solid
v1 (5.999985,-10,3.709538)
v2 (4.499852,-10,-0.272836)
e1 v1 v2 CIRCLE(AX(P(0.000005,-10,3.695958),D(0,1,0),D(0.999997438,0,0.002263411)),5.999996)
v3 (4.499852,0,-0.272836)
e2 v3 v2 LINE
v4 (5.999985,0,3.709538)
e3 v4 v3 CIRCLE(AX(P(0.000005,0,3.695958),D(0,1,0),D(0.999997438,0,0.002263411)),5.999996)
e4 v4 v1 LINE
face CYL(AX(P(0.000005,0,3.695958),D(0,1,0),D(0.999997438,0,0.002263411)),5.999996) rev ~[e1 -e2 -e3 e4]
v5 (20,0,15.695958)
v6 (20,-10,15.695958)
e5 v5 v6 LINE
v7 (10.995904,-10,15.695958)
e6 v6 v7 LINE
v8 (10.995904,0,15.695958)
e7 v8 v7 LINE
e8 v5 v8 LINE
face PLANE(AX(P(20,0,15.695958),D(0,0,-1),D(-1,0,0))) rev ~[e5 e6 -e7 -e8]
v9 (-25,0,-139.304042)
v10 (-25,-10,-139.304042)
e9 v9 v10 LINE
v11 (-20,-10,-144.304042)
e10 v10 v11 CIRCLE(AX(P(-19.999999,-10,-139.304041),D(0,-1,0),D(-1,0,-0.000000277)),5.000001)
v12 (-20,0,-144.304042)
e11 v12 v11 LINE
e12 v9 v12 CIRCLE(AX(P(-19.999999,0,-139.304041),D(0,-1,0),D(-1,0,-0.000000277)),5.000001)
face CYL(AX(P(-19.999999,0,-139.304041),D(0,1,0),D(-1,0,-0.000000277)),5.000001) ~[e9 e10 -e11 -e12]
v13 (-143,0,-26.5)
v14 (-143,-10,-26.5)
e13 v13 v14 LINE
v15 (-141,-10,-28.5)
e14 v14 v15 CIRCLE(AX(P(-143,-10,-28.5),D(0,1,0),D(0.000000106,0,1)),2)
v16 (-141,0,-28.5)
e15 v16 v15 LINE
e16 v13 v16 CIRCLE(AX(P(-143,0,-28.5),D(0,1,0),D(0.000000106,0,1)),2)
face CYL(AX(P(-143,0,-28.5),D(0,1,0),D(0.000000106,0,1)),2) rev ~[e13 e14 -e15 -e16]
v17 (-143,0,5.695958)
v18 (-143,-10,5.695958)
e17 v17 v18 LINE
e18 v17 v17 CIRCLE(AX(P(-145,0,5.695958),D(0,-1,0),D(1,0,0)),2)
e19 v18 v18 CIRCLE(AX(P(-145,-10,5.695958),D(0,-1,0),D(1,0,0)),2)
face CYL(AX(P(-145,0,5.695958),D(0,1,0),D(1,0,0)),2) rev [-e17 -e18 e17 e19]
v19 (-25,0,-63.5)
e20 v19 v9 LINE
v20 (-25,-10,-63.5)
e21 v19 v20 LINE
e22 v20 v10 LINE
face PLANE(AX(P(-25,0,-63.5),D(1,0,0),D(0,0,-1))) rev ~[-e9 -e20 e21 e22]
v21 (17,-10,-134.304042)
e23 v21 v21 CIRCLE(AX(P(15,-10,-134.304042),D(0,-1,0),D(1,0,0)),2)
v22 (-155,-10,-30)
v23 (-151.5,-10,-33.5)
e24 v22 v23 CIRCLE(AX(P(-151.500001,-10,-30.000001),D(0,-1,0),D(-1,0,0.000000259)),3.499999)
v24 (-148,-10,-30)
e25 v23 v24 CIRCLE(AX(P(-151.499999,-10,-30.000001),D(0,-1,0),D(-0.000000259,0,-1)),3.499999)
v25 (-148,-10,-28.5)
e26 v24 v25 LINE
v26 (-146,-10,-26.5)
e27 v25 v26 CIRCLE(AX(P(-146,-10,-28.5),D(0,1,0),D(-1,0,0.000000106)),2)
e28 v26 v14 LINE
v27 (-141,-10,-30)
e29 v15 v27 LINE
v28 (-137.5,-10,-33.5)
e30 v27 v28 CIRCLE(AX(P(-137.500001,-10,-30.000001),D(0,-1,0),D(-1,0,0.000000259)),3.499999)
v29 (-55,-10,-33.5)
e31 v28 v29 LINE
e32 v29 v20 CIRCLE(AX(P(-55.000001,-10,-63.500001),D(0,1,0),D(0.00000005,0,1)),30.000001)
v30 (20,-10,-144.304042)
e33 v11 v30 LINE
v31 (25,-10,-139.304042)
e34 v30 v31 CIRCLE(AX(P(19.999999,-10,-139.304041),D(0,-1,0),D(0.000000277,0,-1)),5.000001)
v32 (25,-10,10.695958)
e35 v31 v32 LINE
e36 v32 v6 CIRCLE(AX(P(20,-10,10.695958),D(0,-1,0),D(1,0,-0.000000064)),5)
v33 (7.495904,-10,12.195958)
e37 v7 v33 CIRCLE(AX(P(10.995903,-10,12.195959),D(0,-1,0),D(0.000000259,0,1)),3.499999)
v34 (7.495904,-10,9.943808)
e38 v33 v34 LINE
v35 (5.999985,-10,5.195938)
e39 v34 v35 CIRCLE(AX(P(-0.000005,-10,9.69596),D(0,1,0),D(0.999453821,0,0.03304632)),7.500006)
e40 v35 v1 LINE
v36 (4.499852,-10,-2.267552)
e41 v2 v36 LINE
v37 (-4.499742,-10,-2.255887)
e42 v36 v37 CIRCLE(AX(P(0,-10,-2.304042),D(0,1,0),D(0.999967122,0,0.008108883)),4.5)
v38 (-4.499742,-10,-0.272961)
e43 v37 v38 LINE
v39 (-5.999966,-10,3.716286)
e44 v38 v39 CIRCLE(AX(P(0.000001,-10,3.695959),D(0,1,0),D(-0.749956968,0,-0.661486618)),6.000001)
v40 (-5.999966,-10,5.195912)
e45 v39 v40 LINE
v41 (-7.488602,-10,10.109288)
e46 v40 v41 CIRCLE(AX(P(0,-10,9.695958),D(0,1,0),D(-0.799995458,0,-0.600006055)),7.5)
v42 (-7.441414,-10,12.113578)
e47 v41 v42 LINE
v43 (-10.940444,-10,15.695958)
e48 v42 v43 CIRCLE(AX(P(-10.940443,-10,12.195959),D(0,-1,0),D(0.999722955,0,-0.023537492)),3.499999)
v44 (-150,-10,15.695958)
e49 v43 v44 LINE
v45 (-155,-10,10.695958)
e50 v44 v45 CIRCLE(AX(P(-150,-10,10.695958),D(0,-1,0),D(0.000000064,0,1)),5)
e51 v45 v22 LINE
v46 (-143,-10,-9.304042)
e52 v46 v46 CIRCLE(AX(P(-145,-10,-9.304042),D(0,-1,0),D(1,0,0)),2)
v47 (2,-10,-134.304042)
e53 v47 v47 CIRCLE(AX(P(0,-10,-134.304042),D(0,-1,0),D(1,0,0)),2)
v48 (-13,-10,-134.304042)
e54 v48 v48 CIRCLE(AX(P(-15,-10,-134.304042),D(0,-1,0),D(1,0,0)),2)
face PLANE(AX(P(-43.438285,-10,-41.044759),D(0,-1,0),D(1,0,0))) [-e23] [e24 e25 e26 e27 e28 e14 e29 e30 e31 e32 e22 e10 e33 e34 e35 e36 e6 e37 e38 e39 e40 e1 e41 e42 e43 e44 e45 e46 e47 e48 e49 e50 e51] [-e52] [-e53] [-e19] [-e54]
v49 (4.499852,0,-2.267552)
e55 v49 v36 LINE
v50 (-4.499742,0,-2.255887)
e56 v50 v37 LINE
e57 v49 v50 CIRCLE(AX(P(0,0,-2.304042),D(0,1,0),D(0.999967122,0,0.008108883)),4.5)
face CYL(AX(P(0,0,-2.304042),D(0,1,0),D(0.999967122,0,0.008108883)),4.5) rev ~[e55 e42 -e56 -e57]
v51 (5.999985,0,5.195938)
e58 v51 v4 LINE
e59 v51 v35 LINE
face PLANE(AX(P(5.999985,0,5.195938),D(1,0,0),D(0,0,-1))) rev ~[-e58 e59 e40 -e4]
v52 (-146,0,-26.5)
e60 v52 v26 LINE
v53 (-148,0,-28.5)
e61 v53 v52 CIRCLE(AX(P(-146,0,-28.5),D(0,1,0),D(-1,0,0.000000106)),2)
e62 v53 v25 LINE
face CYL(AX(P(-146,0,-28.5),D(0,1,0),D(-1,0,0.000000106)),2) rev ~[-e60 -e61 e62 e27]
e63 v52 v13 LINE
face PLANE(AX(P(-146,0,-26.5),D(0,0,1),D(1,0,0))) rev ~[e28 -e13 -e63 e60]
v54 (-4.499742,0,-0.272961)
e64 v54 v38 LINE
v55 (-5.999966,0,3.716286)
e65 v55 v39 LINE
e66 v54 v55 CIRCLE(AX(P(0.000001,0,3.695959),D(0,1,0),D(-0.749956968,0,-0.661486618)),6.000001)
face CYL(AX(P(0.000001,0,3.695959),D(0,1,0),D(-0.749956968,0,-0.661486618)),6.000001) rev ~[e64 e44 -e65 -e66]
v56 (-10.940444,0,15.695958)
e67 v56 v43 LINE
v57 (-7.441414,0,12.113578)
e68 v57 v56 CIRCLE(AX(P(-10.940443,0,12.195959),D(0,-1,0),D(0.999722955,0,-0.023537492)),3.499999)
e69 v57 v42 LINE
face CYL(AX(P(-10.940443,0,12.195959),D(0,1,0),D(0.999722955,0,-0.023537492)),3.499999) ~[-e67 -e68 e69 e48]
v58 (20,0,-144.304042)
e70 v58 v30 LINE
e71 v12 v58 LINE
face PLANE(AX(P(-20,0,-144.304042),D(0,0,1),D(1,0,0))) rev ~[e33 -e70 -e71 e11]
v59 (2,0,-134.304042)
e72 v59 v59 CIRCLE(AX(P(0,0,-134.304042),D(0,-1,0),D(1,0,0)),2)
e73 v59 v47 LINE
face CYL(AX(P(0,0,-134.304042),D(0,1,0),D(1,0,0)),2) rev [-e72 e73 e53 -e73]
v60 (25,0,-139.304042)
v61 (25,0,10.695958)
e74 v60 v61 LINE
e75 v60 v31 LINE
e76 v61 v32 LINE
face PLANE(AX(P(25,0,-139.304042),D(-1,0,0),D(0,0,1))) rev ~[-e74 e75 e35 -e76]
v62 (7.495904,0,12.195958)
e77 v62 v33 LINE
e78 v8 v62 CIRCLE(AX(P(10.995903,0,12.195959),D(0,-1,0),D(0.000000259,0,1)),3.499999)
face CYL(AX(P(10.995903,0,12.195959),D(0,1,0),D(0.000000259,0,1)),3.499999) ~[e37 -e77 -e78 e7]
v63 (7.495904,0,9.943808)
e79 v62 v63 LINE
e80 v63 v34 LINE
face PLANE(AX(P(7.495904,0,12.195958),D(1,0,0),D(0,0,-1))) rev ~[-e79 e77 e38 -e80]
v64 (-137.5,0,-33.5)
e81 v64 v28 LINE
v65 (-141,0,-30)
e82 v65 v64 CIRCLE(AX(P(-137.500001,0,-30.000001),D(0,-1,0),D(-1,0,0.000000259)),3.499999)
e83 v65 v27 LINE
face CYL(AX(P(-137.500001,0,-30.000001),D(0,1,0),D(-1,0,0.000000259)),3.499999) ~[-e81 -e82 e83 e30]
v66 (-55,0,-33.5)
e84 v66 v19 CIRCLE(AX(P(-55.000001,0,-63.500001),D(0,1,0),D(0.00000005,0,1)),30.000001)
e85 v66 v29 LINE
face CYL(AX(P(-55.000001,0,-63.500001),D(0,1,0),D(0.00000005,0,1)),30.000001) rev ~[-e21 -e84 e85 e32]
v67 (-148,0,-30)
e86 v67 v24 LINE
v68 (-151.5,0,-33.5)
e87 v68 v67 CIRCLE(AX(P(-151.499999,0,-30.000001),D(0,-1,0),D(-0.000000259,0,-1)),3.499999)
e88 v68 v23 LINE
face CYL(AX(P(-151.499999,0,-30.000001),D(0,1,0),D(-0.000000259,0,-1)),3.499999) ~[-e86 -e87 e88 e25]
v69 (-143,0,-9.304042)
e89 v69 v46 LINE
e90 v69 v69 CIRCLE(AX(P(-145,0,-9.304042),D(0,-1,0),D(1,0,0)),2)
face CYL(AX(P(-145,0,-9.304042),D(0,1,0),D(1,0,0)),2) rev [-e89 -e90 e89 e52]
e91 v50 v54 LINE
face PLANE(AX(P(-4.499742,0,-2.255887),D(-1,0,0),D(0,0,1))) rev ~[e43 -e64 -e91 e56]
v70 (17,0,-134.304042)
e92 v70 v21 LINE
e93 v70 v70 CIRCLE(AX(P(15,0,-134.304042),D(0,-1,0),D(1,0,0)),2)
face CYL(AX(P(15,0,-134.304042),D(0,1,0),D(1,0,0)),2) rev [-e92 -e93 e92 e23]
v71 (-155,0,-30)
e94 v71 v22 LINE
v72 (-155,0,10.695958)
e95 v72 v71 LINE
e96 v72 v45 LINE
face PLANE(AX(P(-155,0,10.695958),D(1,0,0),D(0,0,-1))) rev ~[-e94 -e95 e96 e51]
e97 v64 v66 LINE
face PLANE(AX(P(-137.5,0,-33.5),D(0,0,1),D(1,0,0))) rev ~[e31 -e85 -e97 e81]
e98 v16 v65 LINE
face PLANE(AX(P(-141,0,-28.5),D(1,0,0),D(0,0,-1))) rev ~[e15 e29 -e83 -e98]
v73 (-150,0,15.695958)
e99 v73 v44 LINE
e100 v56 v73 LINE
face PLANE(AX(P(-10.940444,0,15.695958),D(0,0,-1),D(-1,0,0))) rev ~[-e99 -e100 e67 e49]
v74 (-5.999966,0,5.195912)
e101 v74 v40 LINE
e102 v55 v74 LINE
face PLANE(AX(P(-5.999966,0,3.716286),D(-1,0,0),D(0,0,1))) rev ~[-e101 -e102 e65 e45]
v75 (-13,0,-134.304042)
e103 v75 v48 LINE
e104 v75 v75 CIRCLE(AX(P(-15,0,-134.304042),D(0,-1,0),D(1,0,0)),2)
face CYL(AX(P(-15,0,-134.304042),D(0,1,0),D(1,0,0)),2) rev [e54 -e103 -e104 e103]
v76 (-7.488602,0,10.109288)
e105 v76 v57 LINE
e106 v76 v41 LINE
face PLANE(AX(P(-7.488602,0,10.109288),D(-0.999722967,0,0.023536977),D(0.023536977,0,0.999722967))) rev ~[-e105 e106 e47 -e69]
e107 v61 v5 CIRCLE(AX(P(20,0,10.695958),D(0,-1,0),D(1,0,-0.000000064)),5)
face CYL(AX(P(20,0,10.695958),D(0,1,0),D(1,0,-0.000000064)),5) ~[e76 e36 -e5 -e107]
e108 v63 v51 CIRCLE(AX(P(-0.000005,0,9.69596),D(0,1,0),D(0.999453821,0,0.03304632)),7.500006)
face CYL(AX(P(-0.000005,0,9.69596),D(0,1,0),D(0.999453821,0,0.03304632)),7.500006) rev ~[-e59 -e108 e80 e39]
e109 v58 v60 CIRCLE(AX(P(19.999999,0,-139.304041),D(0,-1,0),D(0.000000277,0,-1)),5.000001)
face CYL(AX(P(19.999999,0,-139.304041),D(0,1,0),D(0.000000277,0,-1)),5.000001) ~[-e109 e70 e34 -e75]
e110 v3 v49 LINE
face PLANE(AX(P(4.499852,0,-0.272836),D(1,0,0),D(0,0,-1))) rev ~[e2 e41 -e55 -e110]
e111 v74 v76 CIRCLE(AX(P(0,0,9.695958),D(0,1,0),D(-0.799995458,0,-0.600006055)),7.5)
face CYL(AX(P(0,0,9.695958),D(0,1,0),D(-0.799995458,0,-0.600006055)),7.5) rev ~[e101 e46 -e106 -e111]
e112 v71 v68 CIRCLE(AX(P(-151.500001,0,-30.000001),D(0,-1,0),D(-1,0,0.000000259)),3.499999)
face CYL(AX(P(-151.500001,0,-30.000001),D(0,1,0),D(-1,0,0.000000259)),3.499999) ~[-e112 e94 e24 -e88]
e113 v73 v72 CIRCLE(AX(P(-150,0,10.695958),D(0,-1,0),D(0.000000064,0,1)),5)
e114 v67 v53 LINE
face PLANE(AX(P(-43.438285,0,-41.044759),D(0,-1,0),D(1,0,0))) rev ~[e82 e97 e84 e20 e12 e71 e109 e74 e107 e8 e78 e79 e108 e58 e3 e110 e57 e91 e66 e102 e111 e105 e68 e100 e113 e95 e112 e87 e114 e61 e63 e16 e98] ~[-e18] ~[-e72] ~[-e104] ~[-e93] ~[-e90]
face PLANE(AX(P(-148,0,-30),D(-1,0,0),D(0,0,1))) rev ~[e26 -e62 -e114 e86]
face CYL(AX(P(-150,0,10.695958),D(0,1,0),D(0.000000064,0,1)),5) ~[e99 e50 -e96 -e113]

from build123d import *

# Parameters (mm, degrees)
F0_R     = 2
F1_DEPTH = 10


with BuildPart() as f1:
    # F0 (on Front) → F1 (new body)
    with BuildSketch(Plane.XZ):
        with BuildLine():
            ThreePointArc((-141, -30), (-139.974874, -32.474874), (-137.5, -33.5))
            Line((-137.5, -33.5), (-55, -33.5))
            ThreePointArc((-55, -33.5), (-33.786797, -42.286797), (-25, -63.5))
            Line((-25, -63.5), (-25, -139.304042))
            ThreePointArc((-25, -139.304042), (-23.535534, -142.839575), (-20, -144.304042))
            Line((-20, -144.304042), (20, -144.304042))
            ThreePointArc((20, -144.304042), (23.535534, -142.839575), (25, -139.304042))
            Line((25, -139.304042), (25, 10.695958))
            ThreePointArc((25, 10.695958), (23.535534, 14.231492), (20, 15.695958))
            Line((20, 15.695958), (10.995904, 15.695958))
            ThreePointArc((10.995904, 15.695958), (8.52103, 14.670832), (7.495904, 12.195958))
            Line((7.495904, 12.195958), (7.495904, 9.943808))
            ThreePointArc((7.495904, 9.943808), (7.153343, 7.442143), (5.999985, 5.195938))
            Line((5.999985, 5.195938), (5.999985, 3.709538))
            ThreePointArc((5.999985, 3.709538), (5.614844, 1.580886), (4.499852, -0.272836))
            Line((4.499852, -0.272836), (4.499852, -2.267552))
            ThreePointArc((4.499852, -2.267552), (-0.005832, -6.804038), (-4.499742, -2.255887))
            Line((-4.499742, -2.255887), (-4.499742, -0.272961))
            ThreePointArc((-4.499742, -0.272961), (-5.616003, 1.583966), (-5.999966, 3.716286))
            Line((-5.999966, 3.716286), (-5.999966, 5.195912))
            ThreePointArc((-5.999966, 5.195912), (-7.177791, 7.521258), (-7.488602, 10.109288))
            Line((-7.488602, 10.109288), (-7.441414, 12.113578))
            ThreePointArc((-7.441414, 12.113578), (-8.436614, 14.641533), (-10.940444, 15.695958))
            Line((-10.940444, 15.695958), (-150, 15.695958))
            ThreePointArc((-150, 15.695958), (-153.535534, 14.231492), (-155, 10.695958))
            Line((-155, 10.695958), (-155, -30))
            ThreePointArc((-155, -30), (-153.974874, -32.474874), (-151.5, -33.5))
            ThreePointArc((-151.5, -33.5), (-149.025126, -32.474874), (-148, -30))
            Line((-148, -30), (-148, -28.5))
            ThreePointArc((-148, -28.5), (-147.414214, -27.085787), (-146, -26.5))
            Line((-146, -26.5), (-143, -26.5))
            ThreePointArc((-143, -26.5), (-141.585786, -27.085787), (-141, -28.5))
            Line((-141, -28.5), (-141, -30))
        make_face()
        with Locations((-15, -134.304042)):
            Circle(F0_R, mode=Mode.SUBTRACT)
        with Locations((0, -134.304042)):
            Circle(F0_R, mode=Mode.SUBTRACT)
        with Locations((15, -134.304042)):
            Circle(F0_R, mode=Mode.SUBTRACT)
        with Locations((-145, -9.304042)):
            Circle(F0_R, mode=Mode.SUBTRACT)
        with Locations((-145, 5.695958)):
            Circle(F0_R, mode=Mode.SUBTRACT)
    extrude(amount=F1_DEPTH)


solid = f1.part
